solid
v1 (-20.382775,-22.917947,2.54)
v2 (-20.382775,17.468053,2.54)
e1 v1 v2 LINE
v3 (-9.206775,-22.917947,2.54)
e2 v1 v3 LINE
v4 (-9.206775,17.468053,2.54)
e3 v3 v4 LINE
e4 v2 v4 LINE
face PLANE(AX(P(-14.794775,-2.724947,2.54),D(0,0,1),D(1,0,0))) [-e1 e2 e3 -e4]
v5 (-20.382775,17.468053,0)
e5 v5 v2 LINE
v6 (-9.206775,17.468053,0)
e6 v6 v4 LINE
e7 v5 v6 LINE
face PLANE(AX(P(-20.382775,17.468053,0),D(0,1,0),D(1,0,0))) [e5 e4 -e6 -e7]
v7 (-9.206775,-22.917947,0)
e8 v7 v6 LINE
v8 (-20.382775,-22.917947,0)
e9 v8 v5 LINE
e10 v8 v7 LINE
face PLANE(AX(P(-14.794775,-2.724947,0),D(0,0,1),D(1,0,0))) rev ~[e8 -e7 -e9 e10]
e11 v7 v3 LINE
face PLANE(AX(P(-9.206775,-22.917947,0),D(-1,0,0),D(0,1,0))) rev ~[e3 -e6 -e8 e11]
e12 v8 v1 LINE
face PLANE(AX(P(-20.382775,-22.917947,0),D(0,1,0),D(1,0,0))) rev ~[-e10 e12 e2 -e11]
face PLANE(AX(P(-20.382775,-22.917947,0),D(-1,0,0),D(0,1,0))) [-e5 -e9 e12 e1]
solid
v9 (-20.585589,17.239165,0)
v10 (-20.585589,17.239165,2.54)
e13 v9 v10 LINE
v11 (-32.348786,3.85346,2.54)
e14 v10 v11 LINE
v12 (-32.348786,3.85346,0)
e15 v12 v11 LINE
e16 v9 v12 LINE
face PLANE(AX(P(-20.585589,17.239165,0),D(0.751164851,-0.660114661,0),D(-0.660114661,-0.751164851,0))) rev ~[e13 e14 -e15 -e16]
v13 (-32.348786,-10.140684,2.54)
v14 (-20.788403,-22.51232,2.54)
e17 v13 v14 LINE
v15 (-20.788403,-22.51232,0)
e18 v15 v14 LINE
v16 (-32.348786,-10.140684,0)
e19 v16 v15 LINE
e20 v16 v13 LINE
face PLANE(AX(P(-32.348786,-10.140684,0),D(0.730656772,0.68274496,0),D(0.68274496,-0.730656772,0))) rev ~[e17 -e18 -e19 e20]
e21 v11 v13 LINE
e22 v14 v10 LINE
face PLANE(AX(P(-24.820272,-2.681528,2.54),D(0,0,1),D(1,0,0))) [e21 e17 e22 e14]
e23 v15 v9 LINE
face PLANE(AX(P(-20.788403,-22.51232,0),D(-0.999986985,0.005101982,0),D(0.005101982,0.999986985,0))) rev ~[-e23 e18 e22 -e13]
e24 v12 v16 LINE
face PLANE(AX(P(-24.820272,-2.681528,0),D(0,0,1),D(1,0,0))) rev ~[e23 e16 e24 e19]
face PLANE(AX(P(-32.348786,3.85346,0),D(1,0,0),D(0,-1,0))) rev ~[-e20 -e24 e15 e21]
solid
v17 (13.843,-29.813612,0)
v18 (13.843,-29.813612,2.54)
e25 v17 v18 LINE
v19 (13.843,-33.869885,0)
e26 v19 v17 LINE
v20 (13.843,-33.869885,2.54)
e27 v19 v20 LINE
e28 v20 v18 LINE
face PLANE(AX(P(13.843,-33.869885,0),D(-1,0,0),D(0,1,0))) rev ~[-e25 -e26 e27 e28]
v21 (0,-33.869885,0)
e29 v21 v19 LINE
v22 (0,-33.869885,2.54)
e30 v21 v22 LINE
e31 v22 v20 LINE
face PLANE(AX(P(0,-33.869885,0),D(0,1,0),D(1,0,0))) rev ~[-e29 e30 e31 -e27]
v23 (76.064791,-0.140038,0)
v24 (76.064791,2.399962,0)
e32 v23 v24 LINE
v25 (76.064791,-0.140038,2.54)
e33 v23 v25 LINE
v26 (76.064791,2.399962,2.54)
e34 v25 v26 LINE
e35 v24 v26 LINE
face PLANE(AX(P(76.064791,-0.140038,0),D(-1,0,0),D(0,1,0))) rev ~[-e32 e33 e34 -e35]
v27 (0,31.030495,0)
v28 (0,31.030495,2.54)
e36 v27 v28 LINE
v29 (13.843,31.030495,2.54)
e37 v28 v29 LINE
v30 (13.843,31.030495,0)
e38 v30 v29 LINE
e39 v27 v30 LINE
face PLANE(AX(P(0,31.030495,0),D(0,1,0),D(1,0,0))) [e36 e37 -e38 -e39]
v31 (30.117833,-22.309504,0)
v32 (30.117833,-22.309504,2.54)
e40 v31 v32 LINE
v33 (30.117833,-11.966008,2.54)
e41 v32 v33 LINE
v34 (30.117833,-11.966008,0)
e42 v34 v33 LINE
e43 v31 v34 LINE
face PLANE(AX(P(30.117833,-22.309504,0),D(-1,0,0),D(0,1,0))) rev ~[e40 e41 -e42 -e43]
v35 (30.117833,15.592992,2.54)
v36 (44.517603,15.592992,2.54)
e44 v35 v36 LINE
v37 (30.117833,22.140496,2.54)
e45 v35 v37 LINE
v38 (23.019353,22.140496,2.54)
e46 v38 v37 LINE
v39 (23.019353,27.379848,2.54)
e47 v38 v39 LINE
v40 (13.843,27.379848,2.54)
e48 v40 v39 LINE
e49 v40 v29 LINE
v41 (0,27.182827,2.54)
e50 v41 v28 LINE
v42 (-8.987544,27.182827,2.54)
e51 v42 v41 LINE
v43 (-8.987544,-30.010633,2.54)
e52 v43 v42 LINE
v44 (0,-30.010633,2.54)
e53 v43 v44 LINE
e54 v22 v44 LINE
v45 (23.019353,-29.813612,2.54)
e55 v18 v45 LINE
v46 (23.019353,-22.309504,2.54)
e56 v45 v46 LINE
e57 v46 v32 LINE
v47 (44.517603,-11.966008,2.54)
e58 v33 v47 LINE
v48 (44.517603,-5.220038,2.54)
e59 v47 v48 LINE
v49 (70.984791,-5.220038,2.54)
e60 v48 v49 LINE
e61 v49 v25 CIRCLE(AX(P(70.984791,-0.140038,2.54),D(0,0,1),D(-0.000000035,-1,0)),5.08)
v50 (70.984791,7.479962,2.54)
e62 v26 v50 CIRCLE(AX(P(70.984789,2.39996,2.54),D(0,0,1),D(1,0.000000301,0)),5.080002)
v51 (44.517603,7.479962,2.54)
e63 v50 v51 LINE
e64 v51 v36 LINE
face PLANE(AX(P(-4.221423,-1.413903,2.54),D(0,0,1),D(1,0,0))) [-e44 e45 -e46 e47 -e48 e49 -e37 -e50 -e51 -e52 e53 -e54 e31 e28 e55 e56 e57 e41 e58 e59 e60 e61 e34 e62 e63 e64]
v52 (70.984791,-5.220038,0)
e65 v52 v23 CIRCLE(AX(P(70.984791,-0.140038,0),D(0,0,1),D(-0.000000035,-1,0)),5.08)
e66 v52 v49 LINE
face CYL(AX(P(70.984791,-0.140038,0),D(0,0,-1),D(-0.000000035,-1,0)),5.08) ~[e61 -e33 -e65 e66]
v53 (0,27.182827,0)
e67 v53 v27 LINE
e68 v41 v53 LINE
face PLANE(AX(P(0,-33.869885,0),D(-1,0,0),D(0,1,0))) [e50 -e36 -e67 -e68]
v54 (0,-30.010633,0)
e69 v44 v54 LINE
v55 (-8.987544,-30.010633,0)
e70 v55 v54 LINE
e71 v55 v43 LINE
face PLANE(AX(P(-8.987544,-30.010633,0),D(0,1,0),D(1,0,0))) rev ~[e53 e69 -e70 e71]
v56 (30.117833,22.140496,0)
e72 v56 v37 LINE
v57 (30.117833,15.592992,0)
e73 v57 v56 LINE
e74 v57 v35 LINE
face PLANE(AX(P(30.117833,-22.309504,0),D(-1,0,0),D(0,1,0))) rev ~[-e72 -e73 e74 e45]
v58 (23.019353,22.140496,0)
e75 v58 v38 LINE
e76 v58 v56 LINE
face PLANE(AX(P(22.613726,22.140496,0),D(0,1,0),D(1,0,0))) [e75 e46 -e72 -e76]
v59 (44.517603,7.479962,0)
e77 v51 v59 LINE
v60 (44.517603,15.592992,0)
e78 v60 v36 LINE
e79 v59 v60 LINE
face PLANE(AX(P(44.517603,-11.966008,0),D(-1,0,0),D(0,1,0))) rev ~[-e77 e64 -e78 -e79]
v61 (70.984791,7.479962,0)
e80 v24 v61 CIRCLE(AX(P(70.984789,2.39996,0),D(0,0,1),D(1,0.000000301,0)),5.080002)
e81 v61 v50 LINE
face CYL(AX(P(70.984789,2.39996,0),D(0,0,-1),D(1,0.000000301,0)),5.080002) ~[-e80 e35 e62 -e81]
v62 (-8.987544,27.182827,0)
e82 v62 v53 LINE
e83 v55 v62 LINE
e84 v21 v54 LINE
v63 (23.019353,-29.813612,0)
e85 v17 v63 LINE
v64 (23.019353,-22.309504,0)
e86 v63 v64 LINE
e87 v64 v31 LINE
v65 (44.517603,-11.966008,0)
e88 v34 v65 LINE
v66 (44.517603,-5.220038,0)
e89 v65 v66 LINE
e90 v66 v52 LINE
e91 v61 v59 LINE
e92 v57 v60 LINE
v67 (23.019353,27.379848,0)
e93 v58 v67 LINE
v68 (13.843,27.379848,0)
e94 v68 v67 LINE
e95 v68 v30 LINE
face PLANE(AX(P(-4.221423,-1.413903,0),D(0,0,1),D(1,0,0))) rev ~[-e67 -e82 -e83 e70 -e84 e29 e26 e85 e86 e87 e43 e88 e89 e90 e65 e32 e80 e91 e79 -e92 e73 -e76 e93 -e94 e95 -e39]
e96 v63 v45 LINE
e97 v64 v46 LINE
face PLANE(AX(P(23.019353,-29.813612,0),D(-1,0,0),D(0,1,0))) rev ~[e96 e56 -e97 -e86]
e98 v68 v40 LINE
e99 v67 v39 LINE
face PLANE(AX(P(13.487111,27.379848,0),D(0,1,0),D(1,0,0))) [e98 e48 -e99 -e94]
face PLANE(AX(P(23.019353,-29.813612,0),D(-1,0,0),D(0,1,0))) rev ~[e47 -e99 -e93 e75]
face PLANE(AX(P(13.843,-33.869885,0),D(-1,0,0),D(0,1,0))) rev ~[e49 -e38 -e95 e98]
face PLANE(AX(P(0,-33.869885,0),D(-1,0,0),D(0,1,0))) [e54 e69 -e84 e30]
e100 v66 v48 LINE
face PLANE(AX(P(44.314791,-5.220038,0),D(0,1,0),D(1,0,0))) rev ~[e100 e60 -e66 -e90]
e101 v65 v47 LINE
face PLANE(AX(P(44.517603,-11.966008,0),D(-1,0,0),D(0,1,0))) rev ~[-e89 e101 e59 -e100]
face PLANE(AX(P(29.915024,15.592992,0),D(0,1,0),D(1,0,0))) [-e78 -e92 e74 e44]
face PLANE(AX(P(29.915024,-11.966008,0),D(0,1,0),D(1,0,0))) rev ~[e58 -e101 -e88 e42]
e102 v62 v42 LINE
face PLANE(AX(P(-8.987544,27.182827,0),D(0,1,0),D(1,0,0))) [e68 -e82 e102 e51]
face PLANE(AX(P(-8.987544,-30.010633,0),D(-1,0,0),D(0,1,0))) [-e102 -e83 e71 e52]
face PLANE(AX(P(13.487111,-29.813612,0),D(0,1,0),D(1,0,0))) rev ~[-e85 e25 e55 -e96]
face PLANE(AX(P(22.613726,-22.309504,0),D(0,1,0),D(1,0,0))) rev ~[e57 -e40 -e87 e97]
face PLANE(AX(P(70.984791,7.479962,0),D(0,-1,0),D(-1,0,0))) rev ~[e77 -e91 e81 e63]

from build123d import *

# Parameters (mm, degrees)
F1_DEPTH  = 2.54
F2_W      = 14.602579
F2_H      = 27.559
F3_DEPTH  = 2.54
F4_W      = 7.504107
F4_H      = 44.45
F5_DEPTH  = 2.54
F6_W      = 9.532242
F6_H      = 57.19346
F7_DEPTH  = 2.54
F8_W      = 13.843
F8_H      = 64.90038
F9_DEPTH  = 2.54
F10_W     = 9.532242
F10_H     = 57.19346
F11_DEPTH = 2.54
F12_W     = 11.176
F12_H     = 40.386
F13_DEPTH = 2.54
F15_DEPTH = 2.54


with BuildPart() as f1:
    # F0 (on Top) → F1 (new body)
    with BuildSketch(Plane.XY):
        with BuildLine():
            Line((70.984791, 7.479962), (44.314791, 7.479962))
            Line((44.314791, 7.479962), (44.314791, -5.220038))
            Line((44.314791, -5.220038), (70.984791, -5.220038))
            ThreePointArc((70.984791, -5.220038), (74.576893, -3.732141), (76.064791, -0.140038))
            Line((76.064791, -0.140038), (76.064791, 2.399962))
            ThreePointArc((76.064791, 2.399962), (74.576893, 5.992064), (70.984791, 7.479962))
        make_face()
    extrude(amount=F1_DEPTH)

    # F2 (on Top) → F3 (join)
    with BuildSketch(Plane.XY):
        with Locations((37.216313, 1.813492)):
            Rectangle(F2_W, F2_H)
    extrude(amount=F3_DEPTH)

    # F4 (on Top) → F5 (join)
    with BuildSketch(Plane.XY):
        with Locations((26.36578, -0.084504)):
            Rectangle(F4_W, F4_H)
    extrude(amount=F5_DEPTH)

    # F6 (on Top) → F7 (join)
    with BuildSketch(Plane.XY):
        with Locations((18.253232, -1.216882)):
            Rectangle(F6_W, F6_H)
    extrude(amount=F7_DEPTH)

    # F8 (on Top) → F9 (join)
    with BuildSketch(Plane.XY):
        with Locations((6.9215, -1.419695)):
            Rectangle(F8_W, F8_H)
    extrude(amount=F9_DEPTH)

    # F10 (on Top) → F11 (join)
    with BuildSketch(Plane.XY):
        with Locations((-4.221423, -1.413903)):
            Rectangle(F10_W, F10_H)
    extrude(amount=F11_DEPTH)


with BuildPart() as f13:
    # F12 (on Top) → F13 (new body)
    with BuildSketch(Plane.XY):
        with Locations((-14.794775, -2.724947)):
            Rectangle(F12_W, F12_H)
    extrude(amount=F13_DEPTH)


with BuildPart() as f15:
    # F14 (on Top) → F15 (new body)
    with BuildSketch(Plane.XY):
        Polygon((-20.788403, -22.51232), (-20.585589, 17.239165), (-32.348786, 3.85346), (-32.348786, -10.140684), align=None)
    extrude(amount=F15_DEPTH)


solid = Compound([f1.part, f13.part, f15.part])
